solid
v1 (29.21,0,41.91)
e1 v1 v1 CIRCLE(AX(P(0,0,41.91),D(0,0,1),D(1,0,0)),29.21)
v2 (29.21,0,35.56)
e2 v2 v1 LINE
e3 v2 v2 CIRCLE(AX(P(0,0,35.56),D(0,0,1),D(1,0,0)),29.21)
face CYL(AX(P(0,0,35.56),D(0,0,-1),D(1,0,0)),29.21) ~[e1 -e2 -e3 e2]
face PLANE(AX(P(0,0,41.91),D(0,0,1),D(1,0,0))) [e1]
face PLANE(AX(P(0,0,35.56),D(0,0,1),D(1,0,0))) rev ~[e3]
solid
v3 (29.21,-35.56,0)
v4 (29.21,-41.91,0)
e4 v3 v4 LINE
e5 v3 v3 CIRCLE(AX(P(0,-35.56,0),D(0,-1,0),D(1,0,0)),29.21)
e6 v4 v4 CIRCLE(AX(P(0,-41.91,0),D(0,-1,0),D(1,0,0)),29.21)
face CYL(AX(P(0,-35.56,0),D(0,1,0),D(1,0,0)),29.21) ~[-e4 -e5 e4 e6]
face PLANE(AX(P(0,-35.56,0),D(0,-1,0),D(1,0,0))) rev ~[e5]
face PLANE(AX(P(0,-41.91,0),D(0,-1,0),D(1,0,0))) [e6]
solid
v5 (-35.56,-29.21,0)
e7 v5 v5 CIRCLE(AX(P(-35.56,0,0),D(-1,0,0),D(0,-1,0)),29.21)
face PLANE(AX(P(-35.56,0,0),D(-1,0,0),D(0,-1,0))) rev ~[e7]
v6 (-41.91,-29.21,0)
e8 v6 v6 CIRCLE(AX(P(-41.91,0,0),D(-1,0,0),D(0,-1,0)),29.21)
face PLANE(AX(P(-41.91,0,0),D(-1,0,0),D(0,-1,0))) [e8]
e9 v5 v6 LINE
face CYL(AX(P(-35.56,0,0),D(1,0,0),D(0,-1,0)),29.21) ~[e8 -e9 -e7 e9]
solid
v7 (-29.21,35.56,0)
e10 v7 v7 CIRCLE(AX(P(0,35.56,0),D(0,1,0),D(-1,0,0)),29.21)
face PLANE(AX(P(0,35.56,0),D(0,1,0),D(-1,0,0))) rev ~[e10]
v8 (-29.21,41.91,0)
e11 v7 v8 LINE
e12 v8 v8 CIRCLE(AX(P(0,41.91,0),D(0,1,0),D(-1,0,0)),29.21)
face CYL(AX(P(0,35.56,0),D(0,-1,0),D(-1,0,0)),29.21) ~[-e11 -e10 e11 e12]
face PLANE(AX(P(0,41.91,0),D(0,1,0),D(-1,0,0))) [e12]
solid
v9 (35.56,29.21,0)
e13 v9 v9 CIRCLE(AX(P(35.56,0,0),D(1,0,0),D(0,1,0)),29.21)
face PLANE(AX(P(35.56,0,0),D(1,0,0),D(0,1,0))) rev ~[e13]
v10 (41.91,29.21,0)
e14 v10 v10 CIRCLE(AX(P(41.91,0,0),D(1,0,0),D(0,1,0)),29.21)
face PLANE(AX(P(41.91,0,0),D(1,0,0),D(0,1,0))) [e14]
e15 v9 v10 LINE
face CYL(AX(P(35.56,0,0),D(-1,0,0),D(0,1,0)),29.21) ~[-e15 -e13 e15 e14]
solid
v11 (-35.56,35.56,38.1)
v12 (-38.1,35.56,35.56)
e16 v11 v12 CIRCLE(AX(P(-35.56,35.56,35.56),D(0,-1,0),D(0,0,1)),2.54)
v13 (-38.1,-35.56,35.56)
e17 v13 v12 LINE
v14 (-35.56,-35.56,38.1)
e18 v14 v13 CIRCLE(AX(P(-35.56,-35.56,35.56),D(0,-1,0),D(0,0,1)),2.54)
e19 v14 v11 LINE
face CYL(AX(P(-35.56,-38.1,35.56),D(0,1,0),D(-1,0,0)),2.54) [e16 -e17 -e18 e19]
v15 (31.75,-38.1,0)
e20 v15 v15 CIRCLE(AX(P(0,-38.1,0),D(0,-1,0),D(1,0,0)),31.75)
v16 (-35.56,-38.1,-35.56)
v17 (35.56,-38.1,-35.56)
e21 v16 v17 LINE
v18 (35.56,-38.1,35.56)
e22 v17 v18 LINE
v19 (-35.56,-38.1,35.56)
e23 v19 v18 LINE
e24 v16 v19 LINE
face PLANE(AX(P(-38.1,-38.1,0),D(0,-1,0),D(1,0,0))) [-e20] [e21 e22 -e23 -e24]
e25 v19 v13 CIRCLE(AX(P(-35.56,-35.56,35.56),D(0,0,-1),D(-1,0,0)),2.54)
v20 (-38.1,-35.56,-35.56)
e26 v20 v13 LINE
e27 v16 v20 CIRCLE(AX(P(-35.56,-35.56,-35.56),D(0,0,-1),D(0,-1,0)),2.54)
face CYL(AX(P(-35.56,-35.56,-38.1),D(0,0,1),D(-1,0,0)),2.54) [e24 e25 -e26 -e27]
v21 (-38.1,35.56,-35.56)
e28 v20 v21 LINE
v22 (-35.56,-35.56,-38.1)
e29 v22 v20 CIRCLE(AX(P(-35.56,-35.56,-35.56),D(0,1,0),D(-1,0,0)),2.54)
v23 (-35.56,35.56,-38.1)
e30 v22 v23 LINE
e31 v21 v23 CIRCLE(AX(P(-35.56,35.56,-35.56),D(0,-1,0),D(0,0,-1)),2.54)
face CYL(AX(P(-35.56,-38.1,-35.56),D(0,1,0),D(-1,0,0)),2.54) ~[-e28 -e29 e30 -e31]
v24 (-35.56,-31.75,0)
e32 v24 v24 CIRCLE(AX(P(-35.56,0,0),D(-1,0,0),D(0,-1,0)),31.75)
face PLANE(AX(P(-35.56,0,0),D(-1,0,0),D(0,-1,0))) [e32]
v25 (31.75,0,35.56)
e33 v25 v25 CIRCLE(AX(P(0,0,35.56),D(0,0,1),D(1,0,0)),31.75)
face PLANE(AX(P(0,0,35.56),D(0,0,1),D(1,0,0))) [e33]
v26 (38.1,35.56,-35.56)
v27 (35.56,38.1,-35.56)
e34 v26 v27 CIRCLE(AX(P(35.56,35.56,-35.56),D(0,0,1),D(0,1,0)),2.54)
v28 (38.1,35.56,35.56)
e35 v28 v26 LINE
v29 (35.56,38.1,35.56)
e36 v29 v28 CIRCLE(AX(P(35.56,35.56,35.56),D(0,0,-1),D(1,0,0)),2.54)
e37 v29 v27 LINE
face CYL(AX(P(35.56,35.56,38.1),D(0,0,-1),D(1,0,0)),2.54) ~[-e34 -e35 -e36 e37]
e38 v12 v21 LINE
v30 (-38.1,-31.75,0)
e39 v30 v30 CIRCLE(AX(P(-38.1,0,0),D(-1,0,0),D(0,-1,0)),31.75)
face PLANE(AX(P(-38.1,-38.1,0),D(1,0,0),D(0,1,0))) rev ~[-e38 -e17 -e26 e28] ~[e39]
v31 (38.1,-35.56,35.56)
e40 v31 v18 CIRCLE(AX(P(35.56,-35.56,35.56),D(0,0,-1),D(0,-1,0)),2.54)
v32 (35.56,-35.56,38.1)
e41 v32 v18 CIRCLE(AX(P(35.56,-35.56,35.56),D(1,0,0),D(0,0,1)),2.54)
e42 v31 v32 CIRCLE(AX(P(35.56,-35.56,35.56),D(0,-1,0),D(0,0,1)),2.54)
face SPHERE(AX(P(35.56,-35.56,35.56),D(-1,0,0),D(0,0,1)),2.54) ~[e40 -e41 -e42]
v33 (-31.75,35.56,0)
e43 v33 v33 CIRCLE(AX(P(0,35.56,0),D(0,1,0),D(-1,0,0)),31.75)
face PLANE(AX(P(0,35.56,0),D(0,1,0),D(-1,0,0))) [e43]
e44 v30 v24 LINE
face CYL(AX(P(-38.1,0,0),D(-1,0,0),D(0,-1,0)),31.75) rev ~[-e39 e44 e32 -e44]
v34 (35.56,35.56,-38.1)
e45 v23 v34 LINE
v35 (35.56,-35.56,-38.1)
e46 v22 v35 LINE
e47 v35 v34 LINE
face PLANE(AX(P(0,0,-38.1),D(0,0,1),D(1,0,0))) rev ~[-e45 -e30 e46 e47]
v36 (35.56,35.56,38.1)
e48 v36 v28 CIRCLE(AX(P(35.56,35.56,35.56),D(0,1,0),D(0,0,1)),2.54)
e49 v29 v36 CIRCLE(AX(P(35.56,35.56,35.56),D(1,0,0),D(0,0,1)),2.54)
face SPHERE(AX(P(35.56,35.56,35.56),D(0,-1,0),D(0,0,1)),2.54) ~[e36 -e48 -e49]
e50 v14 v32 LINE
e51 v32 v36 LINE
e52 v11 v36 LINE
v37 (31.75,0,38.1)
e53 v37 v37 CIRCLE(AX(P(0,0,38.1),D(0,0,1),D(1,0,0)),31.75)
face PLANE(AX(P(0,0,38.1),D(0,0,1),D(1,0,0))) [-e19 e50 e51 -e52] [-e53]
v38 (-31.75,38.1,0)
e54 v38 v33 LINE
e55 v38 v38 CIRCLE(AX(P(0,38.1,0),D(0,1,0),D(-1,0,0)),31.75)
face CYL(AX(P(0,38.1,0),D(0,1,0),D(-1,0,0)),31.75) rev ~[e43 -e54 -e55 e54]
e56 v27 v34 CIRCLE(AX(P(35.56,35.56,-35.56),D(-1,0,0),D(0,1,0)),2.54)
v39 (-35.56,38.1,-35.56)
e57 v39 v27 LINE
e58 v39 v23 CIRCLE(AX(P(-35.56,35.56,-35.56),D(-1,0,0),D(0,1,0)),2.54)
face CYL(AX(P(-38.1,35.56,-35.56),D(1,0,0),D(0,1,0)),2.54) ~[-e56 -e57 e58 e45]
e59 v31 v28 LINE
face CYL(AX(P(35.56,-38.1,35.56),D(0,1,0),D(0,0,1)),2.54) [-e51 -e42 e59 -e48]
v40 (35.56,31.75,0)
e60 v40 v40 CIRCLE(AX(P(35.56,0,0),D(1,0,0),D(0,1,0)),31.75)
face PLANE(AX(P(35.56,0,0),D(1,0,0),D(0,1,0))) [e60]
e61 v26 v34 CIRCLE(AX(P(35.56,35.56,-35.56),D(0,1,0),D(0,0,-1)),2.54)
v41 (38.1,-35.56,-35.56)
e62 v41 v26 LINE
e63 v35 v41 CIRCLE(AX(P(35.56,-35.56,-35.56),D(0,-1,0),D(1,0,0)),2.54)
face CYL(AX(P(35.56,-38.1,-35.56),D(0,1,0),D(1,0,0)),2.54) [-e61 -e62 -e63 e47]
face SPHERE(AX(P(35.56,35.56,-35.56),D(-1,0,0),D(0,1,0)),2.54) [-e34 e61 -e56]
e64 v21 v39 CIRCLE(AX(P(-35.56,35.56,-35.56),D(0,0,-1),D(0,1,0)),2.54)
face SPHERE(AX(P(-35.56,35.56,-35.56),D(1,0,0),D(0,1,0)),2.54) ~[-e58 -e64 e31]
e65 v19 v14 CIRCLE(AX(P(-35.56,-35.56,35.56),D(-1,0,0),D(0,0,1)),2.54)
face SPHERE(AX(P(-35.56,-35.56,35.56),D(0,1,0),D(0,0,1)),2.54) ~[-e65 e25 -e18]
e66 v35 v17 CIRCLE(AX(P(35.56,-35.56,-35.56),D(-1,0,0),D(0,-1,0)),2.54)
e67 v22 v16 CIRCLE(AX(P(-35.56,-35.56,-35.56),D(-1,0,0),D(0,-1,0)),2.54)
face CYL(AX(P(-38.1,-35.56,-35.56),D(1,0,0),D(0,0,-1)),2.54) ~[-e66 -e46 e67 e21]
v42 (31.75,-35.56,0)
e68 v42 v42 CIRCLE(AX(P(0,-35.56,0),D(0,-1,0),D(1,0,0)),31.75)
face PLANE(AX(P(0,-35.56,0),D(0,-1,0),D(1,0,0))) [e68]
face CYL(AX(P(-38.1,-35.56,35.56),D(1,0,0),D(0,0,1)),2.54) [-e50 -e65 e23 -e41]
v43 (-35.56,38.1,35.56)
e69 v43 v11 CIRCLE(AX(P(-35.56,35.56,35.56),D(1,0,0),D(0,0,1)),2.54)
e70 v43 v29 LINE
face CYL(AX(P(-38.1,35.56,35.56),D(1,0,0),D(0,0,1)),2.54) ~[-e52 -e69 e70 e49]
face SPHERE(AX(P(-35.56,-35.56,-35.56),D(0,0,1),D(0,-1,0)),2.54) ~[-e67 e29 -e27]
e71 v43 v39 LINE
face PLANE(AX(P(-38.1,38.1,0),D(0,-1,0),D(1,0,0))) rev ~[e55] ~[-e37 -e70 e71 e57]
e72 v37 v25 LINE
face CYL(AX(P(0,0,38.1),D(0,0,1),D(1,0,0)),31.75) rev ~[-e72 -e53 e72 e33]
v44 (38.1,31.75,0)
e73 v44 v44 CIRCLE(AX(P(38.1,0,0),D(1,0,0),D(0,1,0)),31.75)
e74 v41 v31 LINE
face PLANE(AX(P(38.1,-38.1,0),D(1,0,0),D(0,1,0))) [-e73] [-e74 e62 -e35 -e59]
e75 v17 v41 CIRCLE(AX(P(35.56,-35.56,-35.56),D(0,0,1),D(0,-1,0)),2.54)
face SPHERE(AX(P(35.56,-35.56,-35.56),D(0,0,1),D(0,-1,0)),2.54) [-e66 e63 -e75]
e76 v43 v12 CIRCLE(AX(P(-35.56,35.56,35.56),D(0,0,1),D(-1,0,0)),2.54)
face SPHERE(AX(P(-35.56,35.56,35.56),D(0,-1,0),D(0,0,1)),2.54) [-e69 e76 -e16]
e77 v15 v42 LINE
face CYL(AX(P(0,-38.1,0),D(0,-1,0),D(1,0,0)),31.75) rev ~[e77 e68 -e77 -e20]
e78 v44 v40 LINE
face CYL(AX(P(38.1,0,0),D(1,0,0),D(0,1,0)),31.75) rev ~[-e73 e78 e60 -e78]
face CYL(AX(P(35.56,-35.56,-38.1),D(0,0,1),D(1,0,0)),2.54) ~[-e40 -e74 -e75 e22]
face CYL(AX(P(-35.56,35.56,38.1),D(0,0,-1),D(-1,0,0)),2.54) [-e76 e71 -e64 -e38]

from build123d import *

# Parameters (mm, degrees)
F0_W      = 76.2
F0_H      = 76.2
F1_DEPTH  = 38.1
F2_R      = 2.54
F3_R      = 31.75
F4_DEPTH  = 2.54
F5_R      = 29.21
F6_DEPTH  = 6.35
F7_R      = 31.75
F8_DEPTH  = 2.54
F9_R      = 29.21
F10_DEPTH = 6.35
F11_R     = 31.75
F12_DEPTH = 2.54
F13_R     = 31.75
F14_DEPTH = 2.54
F15_R     = 31.75
F16_DEPTH = 2.54
F17_R     = 29.21
F18_DEPTH = 6.35
F19_R     = 29.21
F20_DEPTH = 6.35
F21_R     = 29.21
F22_DEPTH = 6.35


with BuildPart() as f1:
    # F0 (on Top) → F1 (new body, symmetric)
    with BuildSketch(Plane.XY):
        Rectangle(F0_W, F0_H)
    extrude(amount=F1_DEPTH, both=True)

    # F2
    f2_edges = [f1.edges().sort_by_distance(p)[0] for p in [
        (-38.1, 0, 38.1),
        (0, -38.1, 38.1),
        (38.1, 0, 38.1),
        (0, 38.1, 38.1),
        (38.1, -38.1, 0),
        (-38.1, -38.1, 0),
        (0, -38.1, -38.1),
        (0, 38.1, -38.1),
        (-38.1, 38.1, 0),
        (38.1, 38.1, 0),
        (-38.1, 0, -38.1),
        (38.1, 0, -38.1),
    ]]
    fillet(f2_edges, radius=F2_R)

    # F3 (on face) → F4 (cut)
    with BuildSketch(Plane.XY.offset(38.1)):
        Circle(F3_R)
    extrude(amount=-F4_DEPTH, mode=Mode.SUBTRACT)

    # F7 (on face) → F8 (cut)
    with BuildSketch(Plane(origin=(-38.1, 0, 0), x_dir=(0, -1, 0), z_dir=(-1, 0, 0))):
        Circle(F7_R)
    extrude(amount=-F8_DEPTH, mode=Mode.SUBTRACT)

    # F11 (on face) → F12 (cut)
    with BuildSketch(Plane.YZ.offset(38.1)):
        Circle(F11_R)
    extrude(amount=-F12_DEPTH, mode=Mode.SUBTRACT)

    # F13 (on face) → F14 (cut)
    with BuildSketch(Plane(origin=(0, 38.1, 0), x_dir=(-1, 0, 0), z_dir=(0, 1, 0))):
        Circle(F13_R)
    extrude(amount=-F14_DEPTH, mode=Mode.SUBTRACT)

    # F15 (on face) → F16 (cut)
    with BuildSketch(Plane.XZ.offset(38.1)):
        Circle(F15_R)
    extrude(amount=-F16_DEPTH, mode=Mode.SUBTRACT)


with BuildPart() as f6:
    # F5 (on face) → F6 (new body)
    with BuildSketch(Plane.XY.offset(35.56)):
        Circle(F5_R)
    extrude(amount=F6_DEPTH)


with BuildPart() as f10:
    # F9 (on face) → F10 (new body)
    with BuildSketch(Plane(origin=(-35.56, 0, 0), x_dir=(0, -1, 0), z_dir=(-1, 0, 0))):
        Circle(F9_R)
    extrude(amount=F10_DEPTH)


with BuildPart() as f18:
    # F17 (on face) → F18 (new body)
    with BuildSketch(Plane.YZ.offset(35.56)):
        Circle(F17_R)
    extrude(amount=F18_DEPTH)


with BuildPart() as f20:
    # F19 (on face) → F20 (new body)
    with BuildSketch(Plane(origin=(0, 35.56, 0), x_dir=(-1, 0, 0), z_dir=(0, 1, 0))):
        Circle(F19_R)
    extrude(amount=F20_DEPTH)


with BuildPart() as f22:
    # F21 (on face) → F22 (new body)
    with BuildSketch(Plane.XZ.offset(35.56)):
        Circle(F21_R)
    extrude(amount=F22_DEPTH)


solid = Compound([f1.part, f6.part, f10.part, f18.part, f20.part, f22.part])
